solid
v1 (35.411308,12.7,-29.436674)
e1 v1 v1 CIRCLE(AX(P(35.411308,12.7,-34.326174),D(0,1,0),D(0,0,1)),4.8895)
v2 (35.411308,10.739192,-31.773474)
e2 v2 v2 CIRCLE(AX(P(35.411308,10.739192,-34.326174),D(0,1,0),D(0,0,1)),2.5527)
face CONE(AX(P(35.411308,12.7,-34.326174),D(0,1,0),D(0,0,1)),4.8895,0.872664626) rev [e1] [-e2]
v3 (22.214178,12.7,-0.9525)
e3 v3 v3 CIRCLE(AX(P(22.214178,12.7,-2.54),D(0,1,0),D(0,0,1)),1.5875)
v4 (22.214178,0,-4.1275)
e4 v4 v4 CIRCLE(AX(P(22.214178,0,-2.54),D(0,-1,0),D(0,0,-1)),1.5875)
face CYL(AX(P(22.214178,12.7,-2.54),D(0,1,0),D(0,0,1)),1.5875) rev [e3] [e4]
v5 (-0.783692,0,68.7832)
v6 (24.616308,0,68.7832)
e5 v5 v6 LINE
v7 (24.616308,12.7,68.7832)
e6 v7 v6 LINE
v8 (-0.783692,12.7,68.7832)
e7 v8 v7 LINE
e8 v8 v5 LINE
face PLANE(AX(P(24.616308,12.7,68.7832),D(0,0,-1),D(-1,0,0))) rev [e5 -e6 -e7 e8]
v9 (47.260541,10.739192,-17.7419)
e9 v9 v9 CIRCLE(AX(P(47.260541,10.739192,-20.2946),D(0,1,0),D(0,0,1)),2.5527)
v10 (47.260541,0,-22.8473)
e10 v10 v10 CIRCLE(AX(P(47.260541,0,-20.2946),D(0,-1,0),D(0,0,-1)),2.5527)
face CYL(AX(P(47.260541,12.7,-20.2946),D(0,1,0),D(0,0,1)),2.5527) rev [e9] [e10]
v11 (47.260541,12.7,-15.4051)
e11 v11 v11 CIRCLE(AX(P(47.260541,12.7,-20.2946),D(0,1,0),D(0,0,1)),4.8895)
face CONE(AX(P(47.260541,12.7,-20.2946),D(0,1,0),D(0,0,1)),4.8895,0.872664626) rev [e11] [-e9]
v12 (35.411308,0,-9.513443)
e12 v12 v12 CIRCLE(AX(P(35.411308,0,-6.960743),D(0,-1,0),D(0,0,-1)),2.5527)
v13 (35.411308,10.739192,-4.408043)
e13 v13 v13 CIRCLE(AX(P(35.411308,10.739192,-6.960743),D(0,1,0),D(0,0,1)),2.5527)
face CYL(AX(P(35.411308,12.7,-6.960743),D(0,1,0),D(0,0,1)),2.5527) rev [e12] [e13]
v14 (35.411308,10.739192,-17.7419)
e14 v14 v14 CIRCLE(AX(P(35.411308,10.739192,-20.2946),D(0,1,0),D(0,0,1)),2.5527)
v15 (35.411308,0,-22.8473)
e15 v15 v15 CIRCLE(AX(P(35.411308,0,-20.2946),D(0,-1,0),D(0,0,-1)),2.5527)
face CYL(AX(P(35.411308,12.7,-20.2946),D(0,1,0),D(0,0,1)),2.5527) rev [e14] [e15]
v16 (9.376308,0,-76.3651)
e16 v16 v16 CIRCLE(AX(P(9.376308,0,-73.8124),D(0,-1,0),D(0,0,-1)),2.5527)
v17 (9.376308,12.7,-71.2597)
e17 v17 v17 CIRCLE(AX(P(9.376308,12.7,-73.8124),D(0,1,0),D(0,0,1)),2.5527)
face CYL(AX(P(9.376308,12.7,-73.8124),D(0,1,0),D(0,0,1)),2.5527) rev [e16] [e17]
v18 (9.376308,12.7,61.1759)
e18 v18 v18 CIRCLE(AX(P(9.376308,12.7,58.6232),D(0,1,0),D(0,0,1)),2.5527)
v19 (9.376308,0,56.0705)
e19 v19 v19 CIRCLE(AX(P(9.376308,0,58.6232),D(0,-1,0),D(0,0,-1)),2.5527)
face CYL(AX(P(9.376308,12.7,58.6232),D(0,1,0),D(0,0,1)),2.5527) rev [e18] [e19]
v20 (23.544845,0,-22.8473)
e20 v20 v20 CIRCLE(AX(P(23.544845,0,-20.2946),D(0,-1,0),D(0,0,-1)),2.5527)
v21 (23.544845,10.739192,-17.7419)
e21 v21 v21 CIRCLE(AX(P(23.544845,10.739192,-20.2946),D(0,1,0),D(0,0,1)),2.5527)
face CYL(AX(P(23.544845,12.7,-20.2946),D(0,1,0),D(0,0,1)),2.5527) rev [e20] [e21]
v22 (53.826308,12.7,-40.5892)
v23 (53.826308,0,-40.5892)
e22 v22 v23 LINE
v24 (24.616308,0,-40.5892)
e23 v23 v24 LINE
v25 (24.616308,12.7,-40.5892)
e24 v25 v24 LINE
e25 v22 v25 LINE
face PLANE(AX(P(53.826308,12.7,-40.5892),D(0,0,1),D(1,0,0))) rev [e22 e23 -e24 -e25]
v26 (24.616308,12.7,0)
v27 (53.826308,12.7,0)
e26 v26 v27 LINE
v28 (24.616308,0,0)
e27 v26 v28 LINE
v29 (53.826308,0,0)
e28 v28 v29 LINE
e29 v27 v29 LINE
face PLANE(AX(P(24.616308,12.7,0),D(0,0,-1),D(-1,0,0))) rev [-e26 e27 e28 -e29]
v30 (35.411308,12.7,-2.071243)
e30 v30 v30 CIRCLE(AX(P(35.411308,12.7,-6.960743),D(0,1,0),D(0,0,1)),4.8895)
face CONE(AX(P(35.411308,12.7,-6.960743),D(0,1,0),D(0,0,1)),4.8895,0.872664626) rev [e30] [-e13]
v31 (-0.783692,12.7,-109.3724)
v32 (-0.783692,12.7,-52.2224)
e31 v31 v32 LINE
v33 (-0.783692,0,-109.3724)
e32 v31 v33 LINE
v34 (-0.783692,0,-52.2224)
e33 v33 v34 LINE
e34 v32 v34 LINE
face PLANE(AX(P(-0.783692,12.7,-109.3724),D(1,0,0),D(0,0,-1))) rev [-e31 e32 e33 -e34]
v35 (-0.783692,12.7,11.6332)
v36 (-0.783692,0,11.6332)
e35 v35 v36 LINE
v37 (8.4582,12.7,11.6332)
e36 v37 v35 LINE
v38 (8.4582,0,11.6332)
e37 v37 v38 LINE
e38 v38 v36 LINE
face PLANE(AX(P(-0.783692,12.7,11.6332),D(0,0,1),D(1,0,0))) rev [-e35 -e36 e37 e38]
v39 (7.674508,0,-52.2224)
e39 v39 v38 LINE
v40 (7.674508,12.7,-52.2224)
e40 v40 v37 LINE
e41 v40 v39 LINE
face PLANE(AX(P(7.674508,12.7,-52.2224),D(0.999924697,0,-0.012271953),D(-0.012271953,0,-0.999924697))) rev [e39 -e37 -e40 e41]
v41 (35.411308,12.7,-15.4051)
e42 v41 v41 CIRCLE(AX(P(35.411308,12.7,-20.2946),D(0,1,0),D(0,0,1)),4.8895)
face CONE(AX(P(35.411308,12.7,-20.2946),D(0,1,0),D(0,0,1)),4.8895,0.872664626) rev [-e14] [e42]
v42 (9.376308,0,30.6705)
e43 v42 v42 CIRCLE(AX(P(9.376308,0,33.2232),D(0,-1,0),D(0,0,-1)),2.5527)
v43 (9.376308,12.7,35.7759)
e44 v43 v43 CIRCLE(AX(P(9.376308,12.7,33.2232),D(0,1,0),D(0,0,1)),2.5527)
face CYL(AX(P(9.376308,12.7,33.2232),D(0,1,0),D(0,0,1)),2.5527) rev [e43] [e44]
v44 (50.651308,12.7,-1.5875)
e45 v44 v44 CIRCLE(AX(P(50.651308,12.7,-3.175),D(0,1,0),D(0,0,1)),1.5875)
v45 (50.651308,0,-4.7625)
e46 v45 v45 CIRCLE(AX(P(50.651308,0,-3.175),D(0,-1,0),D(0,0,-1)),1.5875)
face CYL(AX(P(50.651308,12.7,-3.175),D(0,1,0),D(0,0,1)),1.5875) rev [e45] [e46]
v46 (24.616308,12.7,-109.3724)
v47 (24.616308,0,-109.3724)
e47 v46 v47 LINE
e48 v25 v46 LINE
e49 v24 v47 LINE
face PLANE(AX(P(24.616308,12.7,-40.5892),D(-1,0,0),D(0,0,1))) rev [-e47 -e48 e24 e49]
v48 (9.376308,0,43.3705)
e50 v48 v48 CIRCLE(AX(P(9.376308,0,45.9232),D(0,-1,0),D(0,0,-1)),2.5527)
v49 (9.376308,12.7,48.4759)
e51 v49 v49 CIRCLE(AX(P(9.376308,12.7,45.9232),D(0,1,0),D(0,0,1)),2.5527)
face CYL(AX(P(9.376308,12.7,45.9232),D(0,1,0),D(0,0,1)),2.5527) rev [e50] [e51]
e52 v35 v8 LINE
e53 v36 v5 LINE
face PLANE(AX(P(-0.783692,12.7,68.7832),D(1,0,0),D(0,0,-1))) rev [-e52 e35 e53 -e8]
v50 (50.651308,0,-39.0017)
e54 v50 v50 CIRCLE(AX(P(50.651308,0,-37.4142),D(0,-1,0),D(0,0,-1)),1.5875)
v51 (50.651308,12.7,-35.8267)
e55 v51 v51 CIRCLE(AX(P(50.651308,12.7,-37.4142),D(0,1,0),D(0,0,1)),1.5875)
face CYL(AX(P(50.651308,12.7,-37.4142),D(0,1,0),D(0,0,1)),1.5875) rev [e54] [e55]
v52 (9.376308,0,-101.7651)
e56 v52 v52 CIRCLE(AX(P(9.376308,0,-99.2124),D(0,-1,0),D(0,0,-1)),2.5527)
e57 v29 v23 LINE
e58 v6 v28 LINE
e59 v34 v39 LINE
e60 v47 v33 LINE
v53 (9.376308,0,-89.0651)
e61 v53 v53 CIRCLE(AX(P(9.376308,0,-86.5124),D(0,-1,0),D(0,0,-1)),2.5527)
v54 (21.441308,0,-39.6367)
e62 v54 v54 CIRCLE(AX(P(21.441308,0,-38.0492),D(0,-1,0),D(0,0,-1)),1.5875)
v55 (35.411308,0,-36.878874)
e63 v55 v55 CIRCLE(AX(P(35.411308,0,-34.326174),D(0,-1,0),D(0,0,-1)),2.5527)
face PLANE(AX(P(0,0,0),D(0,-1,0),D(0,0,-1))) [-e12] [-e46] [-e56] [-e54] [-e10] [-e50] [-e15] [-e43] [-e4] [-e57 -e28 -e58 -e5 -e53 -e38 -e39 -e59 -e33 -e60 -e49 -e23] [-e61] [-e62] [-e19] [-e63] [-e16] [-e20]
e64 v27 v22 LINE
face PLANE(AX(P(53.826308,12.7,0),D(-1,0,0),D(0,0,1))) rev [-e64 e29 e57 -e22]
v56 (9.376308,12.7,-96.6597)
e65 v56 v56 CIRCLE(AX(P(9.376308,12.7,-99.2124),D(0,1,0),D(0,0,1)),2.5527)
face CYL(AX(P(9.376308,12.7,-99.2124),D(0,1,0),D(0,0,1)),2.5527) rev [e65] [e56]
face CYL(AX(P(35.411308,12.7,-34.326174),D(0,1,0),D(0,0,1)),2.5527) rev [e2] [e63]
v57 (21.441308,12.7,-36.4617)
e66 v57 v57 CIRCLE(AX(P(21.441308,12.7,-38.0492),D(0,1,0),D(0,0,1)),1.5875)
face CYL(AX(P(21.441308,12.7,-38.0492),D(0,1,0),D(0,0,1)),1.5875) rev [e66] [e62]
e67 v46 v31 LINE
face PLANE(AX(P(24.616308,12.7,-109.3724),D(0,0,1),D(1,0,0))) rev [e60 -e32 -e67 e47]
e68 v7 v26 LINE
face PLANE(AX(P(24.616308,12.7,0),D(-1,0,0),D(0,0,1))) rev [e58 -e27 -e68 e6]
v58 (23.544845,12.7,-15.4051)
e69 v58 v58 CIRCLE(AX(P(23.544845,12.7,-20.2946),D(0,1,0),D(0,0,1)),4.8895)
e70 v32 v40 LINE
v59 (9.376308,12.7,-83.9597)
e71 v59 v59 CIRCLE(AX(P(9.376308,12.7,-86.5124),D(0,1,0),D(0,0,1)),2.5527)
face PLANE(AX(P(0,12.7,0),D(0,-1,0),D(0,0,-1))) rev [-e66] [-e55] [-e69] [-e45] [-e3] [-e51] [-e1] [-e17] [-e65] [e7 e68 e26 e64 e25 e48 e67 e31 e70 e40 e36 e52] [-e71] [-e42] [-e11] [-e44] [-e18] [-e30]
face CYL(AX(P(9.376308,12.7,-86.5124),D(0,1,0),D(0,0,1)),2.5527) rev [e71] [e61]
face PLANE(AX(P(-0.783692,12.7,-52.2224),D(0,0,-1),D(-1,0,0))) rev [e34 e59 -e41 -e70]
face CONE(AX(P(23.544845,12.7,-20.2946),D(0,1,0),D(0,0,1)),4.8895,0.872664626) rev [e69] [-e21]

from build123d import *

# Parameters (mm, degrees)
BOSS_EXTRUDE1_DEPTH                                = 12.7
F_1_4_20_TAPPED_HOLE1_D                            = 5.1054
F_1_4_20_TAPPED_HOLE1_DEPTH                        = 12.7
F_1_4_20_TAPPED_HOLE2_D                            = 5.1054
F_1_4_20_TAPPED_HOLE2_DEPTH                        = 12.7
LPATTERN1_COUNT                                    = 3
LPATTERN1_PITCH                                    = 12.7
LPATTERN2_COUNT                                    = 3
LPATTERN2_PITCH                                    = 12.7
CSK_FOR_10_FLAT_HEAD_MACHINE_SCREW_100_D           = 5.1054
CSK_FOR_10_FLAT_HEAD_MACHINE_SCREW_100_DEPTH       = 12.7
CSK_FOR_10_FLAT_HEAD_MACHINE_SCREW_100_CSINK_D     = 9.779
CSK_FOR_10_FLAT_HEAD_MACHINE_SCREW_100_CSINK_ANGLE = 100
F_1_8_0_125_DIAMETER_HOLE1_D                       = 3.175
F_1_8_0_125_DIAMETER_HOLE1_DEPTH                   = 12.7
CSK_FOR_10_FLAT_HEAD_MACHINE_SCREW_2_D             = 5.1054
CSK_FOR_10_FLAT_HEAD_MACHINE_SCREW_2_DEPTH         = 12.7
CSK_FOR_10_FLAT_HEAD_MACHINE_SCREW_2_CSINK_D       = 9.779
CSK_FOR_10_FLAT_HEAD_MACHINE_SCREW_2_CSINK_ANGLE   = 100


with BuildPart() as part:
    # Sketch1 → Boss-Extrude1 (new body)
    with BuildSketch(Plane(origin=(0, 0, 0), x_dir=(1, 0, 0), z_dir=(0, 1, 0))):
        Polygon((24.616308072, 0), (53.826308072, 0), (53.826308072, 40.5892), (24.616308072, 40.5892), (24.616308072, 109.3724), (-0.783691928, 109.3724), (-0.783691928, 52.2224), (7.674508072, 52.2224), (8.4582, -11.6332), (-0.783691928, -11.6332), (-0.783691928, -68.7832), (24.616308072, -68.7832), align=None)
    extrude(amount=BOSS_EXTRUDE1_DEPTH)

    # 1/4-20 Tapped Hole1
    with Locations(Plane(origin=(0, 12.7, 0), x_dir=(1, 0, 0), z_dir=(0, 1, 0))):
        with Locations((9.376308072, 99.2124)):
            f_1_4_20_tapped_hole1 = Hole(F_1_4_20_TAPPED_HOLE1_D / 2, depth=F_1_4_20_TAPPED_HOLE1_DEPTH)

    # 1/4-20 Tapped Hole2
    with Locations(Plane(origin=(0, 12.7, 0), x_dir=(1, 0, 0), z_dir=(0, 1, 0))):
        with Locations((9.376308072, -58.6232)):
            f_1_4_20_tapped_hole2 = Hole(F_1_4_20_TAPPED_HOLE2_D / 2, depth=F_1_4_20_TAPPED_HOLE2_DEPTH)

    # LPattern1: 1/4-20 Tapped Hole1 ×3
    with Locations(*[(0, 0, i * LPATTERN1_PITCH) for i in range(1, LPATTERN1_COUNT)]):
        add(f_1_4_20_tapped_hole1, mode=Mode.SUBTRACT)

    # LPattern2: 1/4-20 Tapped Hole2 ×3
    with Locations(*[(0, 0, -i * LPATTERN2_PITCH) for i in range(1, LPATTERN2_COUNT)]):
        add(f_1_4_20_tapped_hole2, mode=Mode.SUBTRACT)

    # CSK for _10 Flat Head Machine Screw _100
    with Locations(Plane(origin=(0, 12.7, 0), x_dir=(1, 0, 0), z_dir=(0, 1, 0))):
        with Locations((35.411308072, 20.2946), (35.411308072, 34.326173542), (35.411308072, 6.960743489)):
            CounterSinkHole(CSK_FOR_10_FLAT_HEAD_MACHINE_SCREW_100_D / 2, CSK_FOR_10_FLAT_HEAD_MACHINE_SCREW_100_CSINK_D / 2, depth=CSK_FOR_10_FLAT_HEAD_MACHINE_SCREW_100_DEPTH, counter_sink_angle=CSK_FOR_10_FLAT_HEAD_MACHINE_SCREW_100_CSINK_ANGLE)

    # 1/8 (0.125) Diameter Hole1
    with Locations(Plane(origin=(0, 12.7, 0), x_dir=(1, 0, 0), z_dir=(0, 1, 0))):
        with Locations((21.441308072, 38.0492), (22.214178029, 2.54), (50.651308072, 3.175), (50.651308072, 37.4142)):
            Hole(F_1_8_0_125_DIAMETER_HOLE1_D / 2, depth=F_1_8_0_125_DIAMETER_HOLE1_DEPTH)

    # CSK for _10 Flat Head Machine Screw  2
    with Locations(Plane(origin=(0, 12.7, 0), x_dir=(1, 0, 0), z_dir=(0, 1, 0))):
        with Locations((47.260541085, 20.2946), (23.544844519, 20.2946)):
            CounterSinkHole(CSK_FOR_10_FLAT_HEAD_MACHINE_SCREW_2_D / 2, CSK_FOR_10_FLAT_HEAD_MACHINE_SCREW_2_CSINK_D / 2, depth=CSK_FOR_10_FLAT_HEAD_MACHINE_SCREW_2_DEPTH, counter_sink_angle=CSK_FOR_10_FLAT_HEAD_MACHINE_SCREW_2_CSINK_ANGLE)


solid = part.part
